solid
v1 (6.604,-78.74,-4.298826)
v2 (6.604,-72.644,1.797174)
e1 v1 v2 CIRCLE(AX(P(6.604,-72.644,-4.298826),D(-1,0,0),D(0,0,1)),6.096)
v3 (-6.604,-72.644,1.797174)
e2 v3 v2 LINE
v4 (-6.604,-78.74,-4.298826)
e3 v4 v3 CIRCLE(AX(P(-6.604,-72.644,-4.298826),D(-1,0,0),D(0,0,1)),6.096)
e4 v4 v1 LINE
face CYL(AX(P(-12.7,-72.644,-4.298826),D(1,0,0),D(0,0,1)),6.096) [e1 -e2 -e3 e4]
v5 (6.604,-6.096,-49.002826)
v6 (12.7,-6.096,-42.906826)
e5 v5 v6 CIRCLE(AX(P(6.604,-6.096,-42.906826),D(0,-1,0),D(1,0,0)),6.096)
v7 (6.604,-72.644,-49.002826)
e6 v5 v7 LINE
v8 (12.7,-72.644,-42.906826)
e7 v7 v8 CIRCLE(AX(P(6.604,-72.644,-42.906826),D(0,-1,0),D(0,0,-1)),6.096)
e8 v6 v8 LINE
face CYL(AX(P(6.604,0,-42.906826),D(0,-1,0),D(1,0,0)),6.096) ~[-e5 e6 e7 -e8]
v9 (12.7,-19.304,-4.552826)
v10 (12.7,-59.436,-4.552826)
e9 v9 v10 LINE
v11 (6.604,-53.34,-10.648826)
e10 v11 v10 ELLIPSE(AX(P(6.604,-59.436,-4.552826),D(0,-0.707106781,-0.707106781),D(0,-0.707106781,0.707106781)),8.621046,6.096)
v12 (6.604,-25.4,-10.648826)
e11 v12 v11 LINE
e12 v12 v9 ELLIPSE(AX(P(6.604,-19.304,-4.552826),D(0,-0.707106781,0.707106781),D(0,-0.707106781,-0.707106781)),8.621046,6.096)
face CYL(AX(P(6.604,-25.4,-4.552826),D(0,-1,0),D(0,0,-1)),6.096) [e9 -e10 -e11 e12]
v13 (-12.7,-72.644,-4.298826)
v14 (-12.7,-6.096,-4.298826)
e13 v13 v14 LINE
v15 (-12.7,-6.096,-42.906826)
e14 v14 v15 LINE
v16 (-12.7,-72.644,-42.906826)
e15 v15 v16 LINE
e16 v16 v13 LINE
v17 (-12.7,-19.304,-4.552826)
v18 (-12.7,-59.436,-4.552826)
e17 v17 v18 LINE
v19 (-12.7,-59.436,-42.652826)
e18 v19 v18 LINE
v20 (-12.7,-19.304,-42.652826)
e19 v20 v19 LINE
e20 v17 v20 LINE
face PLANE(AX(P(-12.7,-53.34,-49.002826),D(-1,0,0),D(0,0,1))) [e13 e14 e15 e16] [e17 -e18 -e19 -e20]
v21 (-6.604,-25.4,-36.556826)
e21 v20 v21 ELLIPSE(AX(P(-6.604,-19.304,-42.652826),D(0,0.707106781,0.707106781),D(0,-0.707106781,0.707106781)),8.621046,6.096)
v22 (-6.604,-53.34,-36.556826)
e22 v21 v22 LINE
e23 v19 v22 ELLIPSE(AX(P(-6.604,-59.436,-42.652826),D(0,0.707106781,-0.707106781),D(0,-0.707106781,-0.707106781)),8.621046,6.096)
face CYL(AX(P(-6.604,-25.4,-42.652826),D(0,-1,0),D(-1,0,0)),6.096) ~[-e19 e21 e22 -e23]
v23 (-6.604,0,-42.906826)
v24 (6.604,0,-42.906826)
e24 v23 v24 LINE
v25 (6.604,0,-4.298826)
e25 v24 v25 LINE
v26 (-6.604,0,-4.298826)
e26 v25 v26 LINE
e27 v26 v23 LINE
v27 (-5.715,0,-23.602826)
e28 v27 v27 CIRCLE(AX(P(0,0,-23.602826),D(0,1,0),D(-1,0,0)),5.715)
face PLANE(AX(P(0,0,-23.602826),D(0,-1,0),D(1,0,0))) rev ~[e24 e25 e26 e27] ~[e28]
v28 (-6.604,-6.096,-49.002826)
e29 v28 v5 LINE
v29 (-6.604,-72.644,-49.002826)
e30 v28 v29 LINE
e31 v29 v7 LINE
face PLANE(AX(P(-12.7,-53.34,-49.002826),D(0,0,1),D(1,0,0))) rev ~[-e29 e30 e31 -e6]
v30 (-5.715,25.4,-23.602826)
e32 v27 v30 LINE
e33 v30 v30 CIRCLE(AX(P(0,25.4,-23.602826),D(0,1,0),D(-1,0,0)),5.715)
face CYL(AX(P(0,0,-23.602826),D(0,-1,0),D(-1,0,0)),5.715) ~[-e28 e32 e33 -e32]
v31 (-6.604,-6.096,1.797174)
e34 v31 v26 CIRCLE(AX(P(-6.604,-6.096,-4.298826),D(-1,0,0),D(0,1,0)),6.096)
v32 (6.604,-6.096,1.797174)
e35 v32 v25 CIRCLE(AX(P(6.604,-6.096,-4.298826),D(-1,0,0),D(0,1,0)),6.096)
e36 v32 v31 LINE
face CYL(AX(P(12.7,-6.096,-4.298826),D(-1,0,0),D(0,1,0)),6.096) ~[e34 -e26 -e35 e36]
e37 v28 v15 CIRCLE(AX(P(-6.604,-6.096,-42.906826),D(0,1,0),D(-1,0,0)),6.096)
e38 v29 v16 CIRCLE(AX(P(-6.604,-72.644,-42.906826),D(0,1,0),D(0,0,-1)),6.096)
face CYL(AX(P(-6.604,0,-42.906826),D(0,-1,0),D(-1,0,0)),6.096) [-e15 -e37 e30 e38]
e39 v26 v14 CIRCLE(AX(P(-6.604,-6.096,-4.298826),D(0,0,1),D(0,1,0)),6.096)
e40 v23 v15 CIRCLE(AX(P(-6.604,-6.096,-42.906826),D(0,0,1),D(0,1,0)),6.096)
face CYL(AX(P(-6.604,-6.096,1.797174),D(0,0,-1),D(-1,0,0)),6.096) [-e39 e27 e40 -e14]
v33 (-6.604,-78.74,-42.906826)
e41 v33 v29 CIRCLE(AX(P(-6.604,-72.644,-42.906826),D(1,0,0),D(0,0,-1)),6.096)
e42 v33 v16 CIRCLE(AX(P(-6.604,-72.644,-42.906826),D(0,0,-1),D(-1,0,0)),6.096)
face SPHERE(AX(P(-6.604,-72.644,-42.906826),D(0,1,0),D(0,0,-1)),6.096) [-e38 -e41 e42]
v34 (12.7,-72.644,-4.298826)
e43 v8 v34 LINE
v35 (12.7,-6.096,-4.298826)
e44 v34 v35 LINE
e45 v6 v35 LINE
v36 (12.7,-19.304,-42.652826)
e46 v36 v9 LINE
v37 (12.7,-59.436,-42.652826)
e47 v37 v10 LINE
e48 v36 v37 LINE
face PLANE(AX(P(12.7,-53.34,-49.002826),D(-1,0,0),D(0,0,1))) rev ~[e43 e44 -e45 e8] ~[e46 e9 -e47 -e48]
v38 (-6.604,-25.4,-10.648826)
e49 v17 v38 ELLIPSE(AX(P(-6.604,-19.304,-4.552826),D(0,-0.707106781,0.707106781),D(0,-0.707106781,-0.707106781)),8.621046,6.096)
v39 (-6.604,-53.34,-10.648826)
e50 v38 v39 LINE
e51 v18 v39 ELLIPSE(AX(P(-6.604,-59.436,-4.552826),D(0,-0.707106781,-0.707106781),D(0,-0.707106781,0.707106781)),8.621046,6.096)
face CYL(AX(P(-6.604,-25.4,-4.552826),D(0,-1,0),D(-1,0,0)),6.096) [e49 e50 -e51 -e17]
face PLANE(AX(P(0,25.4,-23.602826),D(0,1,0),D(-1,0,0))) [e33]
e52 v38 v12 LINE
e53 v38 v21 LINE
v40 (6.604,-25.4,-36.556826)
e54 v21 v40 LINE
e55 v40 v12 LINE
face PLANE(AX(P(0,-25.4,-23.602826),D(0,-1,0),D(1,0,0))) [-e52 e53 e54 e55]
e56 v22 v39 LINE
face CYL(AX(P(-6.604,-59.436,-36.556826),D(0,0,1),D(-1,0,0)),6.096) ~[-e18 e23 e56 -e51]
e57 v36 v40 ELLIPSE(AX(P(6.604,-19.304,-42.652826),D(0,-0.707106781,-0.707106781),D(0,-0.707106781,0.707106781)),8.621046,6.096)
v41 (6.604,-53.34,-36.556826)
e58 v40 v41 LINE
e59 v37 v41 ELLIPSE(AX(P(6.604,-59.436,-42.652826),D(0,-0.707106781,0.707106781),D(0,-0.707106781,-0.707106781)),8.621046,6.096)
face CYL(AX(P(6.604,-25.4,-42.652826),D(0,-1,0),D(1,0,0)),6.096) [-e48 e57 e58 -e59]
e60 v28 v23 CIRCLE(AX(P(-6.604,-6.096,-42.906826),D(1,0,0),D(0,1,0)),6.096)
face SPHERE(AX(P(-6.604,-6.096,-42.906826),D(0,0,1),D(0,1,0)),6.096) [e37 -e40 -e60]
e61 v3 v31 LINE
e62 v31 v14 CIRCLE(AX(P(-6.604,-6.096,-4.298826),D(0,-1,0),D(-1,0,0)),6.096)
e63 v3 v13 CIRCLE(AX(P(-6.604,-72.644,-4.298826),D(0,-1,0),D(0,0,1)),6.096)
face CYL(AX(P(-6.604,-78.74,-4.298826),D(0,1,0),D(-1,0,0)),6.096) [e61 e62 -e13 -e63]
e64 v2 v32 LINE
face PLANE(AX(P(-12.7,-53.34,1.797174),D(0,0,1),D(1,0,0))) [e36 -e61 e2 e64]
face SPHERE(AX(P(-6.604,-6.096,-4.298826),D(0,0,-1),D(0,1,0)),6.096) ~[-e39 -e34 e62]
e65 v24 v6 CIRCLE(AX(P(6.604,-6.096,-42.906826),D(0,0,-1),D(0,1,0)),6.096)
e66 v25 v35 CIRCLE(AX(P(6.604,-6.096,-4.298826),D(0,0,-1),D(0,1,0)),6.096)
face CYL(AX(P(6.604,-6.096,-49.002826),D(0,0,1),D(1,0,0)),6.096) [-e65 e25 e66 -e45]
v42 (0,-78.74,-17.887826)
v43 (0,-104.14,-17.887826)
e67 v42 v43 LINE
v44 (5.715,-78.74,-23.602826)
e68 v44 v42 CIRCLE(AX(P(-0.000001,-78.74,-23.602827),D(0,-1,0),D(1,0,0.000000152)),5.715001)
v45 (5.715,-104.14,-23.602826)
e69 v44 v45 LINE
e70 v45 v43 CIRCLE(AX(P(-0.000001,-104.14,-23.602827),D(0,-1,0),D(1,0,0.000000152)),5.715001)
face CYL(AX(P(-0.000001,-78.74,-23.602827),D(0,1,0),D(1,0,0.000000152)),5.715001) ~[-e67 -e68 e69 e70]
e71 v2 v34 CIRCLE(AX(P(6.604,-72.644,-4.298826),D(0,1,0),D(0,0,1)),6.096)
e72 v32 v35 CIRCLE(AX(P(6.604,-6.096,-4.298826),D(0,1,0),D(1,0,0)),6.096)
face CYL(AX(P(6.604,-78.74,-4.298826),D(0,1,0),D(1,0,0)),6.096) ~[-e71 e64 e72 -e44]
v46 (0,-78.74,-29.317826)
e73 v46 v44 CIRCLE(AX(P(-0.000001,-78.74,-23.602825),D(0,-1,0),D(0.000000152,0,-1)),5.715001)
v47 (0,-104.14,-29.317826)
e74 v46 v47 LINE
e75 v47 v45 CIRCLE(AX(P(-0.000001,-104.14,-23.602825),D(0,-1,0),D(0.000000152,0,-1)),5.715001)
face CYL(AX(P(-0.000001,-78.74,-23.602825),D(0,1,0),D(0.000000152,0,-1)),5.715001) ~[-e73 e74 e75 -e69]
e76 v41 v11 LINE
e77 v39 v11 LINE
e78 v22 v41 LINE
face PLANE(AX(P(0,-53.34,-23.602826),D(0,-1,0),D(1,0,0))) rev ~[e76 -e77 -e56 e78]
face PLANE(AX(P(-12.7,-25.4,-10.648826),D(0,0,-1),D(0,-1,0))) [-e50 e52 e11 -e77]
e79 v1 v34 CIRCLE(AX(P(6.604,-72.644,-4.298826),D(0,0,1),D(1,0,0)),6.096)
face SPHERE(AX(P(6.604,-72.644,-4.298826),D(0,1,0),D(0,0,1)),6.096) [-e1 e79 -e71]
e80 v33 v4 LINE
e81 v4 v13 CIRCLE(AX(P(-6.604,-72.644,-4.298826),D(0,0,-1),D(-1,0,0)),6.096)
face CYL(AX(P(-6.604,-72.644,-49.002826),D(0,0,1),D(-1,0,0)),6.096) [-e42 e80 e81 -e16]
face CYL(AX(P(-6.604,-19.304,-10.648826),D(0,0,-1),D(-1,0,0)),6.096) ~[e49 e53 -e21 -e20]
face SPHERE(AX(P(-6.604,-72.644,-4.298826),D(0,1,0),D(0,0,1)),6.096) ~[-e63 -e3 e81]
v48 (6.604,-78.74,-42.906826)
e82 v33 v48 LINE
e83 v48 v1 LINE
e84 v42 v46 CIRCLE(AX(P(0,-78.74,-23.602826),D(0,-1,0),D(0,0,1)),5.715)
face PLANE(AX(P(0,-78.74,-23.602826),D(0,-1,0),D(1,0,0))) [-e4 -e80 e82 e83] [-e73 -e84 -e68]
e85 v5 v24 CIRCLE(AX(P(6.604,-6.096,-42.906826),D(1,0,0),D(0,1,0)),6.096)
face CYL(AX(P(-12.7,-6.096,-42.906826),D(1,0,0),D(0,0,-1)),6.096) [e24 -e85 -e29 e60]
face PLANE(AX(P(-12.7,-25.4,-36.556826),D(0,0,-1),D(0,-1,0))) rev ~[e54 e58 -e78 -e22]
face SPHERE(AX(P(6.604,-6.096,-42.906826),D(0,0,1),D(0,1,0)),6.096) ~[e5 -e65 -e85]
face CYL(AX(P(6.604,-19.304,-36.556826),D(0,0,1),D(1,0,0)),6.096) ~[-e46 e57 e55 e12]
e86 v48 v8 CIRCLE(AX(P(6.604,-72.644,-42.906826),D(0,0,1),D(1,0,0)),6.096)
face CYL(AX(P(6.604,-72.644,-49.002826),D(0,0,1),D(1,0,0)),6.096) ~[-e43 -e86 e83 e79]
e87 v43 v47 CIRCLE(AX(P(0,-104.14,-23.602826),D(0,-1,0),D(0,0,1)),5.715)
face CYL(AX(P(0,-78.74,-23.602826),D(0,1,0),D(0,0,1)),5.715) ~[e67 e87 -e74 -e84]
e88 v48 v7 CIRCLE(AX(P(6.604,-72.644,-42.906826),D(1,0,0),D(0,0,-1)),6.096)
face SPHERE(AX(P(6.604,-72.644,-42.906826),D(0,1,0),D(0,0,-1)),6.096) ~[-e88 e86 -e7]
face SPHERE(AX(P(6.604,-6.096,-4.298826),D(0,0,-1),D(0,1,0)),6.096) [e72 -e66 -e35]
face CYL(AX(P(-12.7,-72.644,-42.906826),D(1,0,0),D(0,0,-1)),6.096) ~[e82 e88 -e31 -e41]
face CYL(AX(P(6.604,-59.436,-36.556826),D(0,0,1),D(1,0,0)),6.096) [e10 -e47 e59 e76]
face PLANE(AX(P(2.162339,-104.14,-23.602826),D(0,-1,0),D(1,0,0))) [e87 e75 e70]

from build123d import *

# Parameters (mm, degrees)
F1_DEPTH  = 25.4
F2_W      = 27.94
F2_H      = 12.446
F3_DEPTH  = 25.4
F4_R      = 5.715
F5_DEPTH  = 25.4
F6_W      = 25.4
F6_H      = 50.8
F7_DEPTH  = 25.4
F8_R      = 6.096
F10_DEPTH = 25.4


with BuildPart() as f1:
    # F0 (on Front) → F1 (new body)
    with BuildSketch(Plane.XZ):
        Polygon((-12.7, -49.002826), (0, -49.002826), (12.7, -49.002826), (12.7, 1.797174), (-12.7, 1.797174), align=None)
    extrude(amount=F1_DEPTH)

    # F2 (on face) → F3 (join)
    with BuildSketch(Plane(origin=(-12.7, 0, 0), x_dir=(0, -1, 0), z_dir=(-1, 0, 0))):
        with Locations((39.37, -4.425826)):
            Rectangle(F2_W, F2_H)
        with Locations((39.37, -42.779826)):
            Rectangle(F2_W, F2_H)
    extrude(amount=-F3_DEPTH)

    # F4 (on face) → F5 (join)
    with BuildSketch(Plane(origin=(0, 0, 0), x_dir=(-1, 0, 0), z_dir=(0, 1, 0))):
        with Locations((0, -23.602826)):
            Circle(F4_R)
    extrude(amount=F5_DEPTH)

    # F6 (on face) → F7 (join)
    with BuildSketch(Plane.XZ.offset(53.34)):
        with Locations((0, -23.602826)):
            Rectangle(F6_W, F6_H)
    extrude(amount=F7_DEPTH)

    # F8
    f8_edges = [f1.edges().sort_by_distance(p)[0] for p in [
        (-12.7, 0, -23.602826),
        (12.7, 0, -23.602826),
        (0, 0, 1.797174),
        (0, 0, -49.002826),
        (-12.7, -39.37, -36.556826),
        (-12.7, -39.37, -10.648826),
        (12.7, -39.37, -36.556826),
        (12.7, -39.37, -10.648826),
        (-12.7, -39.37, 1.797174),
        (12.7, -39.37, 1.797174),
        (12.7, -39.37, -49.002826),
        (-12.7, -39.37, -49.002826),
        (-12.7, -25.4, -23.602826),
        (12.7, -25.4, -23.602826),
        (0, -78.74, 1.797174),
        (0, -78.74, -49.002826),
        (-12.7, -78.74, -23.602826),
        (12.7, -78.74, -23.602826),
        (-12.7, -53.34, -23.602826),
        (12.7, -53.34, -23.602826),
    ]]
    fillet(f8_edges, radius=F8_R)

    # F9 (on face) → F10 (join)
    with BuildSketch(Plane.XZ.offset(78.74)):
        with BuildLine():
            ThreePointArc((5.715, -23.602826), (4.041115, -19.561711), (0, -17.887826))
            Line((0, -17.887826), (0, -23.602826))
            Line((0, -23.602826), (0, -29.317826))
            ThreePointArc((0, -29.317826), (4.041115, -27.643941), (5.715, -23.602826))
        make_face()
        with BuildLine():
            Line((0, -23.602826), (0, -17.887826))
            ThreePointArc((0, -17.887826), (-5.715, -23.602826), (0, -29.317826))
            Line((0, -29.317826), (0, -23.602826))
        make_face()
    extrude(amount=F10_DEPTH)


solid = f1.part
